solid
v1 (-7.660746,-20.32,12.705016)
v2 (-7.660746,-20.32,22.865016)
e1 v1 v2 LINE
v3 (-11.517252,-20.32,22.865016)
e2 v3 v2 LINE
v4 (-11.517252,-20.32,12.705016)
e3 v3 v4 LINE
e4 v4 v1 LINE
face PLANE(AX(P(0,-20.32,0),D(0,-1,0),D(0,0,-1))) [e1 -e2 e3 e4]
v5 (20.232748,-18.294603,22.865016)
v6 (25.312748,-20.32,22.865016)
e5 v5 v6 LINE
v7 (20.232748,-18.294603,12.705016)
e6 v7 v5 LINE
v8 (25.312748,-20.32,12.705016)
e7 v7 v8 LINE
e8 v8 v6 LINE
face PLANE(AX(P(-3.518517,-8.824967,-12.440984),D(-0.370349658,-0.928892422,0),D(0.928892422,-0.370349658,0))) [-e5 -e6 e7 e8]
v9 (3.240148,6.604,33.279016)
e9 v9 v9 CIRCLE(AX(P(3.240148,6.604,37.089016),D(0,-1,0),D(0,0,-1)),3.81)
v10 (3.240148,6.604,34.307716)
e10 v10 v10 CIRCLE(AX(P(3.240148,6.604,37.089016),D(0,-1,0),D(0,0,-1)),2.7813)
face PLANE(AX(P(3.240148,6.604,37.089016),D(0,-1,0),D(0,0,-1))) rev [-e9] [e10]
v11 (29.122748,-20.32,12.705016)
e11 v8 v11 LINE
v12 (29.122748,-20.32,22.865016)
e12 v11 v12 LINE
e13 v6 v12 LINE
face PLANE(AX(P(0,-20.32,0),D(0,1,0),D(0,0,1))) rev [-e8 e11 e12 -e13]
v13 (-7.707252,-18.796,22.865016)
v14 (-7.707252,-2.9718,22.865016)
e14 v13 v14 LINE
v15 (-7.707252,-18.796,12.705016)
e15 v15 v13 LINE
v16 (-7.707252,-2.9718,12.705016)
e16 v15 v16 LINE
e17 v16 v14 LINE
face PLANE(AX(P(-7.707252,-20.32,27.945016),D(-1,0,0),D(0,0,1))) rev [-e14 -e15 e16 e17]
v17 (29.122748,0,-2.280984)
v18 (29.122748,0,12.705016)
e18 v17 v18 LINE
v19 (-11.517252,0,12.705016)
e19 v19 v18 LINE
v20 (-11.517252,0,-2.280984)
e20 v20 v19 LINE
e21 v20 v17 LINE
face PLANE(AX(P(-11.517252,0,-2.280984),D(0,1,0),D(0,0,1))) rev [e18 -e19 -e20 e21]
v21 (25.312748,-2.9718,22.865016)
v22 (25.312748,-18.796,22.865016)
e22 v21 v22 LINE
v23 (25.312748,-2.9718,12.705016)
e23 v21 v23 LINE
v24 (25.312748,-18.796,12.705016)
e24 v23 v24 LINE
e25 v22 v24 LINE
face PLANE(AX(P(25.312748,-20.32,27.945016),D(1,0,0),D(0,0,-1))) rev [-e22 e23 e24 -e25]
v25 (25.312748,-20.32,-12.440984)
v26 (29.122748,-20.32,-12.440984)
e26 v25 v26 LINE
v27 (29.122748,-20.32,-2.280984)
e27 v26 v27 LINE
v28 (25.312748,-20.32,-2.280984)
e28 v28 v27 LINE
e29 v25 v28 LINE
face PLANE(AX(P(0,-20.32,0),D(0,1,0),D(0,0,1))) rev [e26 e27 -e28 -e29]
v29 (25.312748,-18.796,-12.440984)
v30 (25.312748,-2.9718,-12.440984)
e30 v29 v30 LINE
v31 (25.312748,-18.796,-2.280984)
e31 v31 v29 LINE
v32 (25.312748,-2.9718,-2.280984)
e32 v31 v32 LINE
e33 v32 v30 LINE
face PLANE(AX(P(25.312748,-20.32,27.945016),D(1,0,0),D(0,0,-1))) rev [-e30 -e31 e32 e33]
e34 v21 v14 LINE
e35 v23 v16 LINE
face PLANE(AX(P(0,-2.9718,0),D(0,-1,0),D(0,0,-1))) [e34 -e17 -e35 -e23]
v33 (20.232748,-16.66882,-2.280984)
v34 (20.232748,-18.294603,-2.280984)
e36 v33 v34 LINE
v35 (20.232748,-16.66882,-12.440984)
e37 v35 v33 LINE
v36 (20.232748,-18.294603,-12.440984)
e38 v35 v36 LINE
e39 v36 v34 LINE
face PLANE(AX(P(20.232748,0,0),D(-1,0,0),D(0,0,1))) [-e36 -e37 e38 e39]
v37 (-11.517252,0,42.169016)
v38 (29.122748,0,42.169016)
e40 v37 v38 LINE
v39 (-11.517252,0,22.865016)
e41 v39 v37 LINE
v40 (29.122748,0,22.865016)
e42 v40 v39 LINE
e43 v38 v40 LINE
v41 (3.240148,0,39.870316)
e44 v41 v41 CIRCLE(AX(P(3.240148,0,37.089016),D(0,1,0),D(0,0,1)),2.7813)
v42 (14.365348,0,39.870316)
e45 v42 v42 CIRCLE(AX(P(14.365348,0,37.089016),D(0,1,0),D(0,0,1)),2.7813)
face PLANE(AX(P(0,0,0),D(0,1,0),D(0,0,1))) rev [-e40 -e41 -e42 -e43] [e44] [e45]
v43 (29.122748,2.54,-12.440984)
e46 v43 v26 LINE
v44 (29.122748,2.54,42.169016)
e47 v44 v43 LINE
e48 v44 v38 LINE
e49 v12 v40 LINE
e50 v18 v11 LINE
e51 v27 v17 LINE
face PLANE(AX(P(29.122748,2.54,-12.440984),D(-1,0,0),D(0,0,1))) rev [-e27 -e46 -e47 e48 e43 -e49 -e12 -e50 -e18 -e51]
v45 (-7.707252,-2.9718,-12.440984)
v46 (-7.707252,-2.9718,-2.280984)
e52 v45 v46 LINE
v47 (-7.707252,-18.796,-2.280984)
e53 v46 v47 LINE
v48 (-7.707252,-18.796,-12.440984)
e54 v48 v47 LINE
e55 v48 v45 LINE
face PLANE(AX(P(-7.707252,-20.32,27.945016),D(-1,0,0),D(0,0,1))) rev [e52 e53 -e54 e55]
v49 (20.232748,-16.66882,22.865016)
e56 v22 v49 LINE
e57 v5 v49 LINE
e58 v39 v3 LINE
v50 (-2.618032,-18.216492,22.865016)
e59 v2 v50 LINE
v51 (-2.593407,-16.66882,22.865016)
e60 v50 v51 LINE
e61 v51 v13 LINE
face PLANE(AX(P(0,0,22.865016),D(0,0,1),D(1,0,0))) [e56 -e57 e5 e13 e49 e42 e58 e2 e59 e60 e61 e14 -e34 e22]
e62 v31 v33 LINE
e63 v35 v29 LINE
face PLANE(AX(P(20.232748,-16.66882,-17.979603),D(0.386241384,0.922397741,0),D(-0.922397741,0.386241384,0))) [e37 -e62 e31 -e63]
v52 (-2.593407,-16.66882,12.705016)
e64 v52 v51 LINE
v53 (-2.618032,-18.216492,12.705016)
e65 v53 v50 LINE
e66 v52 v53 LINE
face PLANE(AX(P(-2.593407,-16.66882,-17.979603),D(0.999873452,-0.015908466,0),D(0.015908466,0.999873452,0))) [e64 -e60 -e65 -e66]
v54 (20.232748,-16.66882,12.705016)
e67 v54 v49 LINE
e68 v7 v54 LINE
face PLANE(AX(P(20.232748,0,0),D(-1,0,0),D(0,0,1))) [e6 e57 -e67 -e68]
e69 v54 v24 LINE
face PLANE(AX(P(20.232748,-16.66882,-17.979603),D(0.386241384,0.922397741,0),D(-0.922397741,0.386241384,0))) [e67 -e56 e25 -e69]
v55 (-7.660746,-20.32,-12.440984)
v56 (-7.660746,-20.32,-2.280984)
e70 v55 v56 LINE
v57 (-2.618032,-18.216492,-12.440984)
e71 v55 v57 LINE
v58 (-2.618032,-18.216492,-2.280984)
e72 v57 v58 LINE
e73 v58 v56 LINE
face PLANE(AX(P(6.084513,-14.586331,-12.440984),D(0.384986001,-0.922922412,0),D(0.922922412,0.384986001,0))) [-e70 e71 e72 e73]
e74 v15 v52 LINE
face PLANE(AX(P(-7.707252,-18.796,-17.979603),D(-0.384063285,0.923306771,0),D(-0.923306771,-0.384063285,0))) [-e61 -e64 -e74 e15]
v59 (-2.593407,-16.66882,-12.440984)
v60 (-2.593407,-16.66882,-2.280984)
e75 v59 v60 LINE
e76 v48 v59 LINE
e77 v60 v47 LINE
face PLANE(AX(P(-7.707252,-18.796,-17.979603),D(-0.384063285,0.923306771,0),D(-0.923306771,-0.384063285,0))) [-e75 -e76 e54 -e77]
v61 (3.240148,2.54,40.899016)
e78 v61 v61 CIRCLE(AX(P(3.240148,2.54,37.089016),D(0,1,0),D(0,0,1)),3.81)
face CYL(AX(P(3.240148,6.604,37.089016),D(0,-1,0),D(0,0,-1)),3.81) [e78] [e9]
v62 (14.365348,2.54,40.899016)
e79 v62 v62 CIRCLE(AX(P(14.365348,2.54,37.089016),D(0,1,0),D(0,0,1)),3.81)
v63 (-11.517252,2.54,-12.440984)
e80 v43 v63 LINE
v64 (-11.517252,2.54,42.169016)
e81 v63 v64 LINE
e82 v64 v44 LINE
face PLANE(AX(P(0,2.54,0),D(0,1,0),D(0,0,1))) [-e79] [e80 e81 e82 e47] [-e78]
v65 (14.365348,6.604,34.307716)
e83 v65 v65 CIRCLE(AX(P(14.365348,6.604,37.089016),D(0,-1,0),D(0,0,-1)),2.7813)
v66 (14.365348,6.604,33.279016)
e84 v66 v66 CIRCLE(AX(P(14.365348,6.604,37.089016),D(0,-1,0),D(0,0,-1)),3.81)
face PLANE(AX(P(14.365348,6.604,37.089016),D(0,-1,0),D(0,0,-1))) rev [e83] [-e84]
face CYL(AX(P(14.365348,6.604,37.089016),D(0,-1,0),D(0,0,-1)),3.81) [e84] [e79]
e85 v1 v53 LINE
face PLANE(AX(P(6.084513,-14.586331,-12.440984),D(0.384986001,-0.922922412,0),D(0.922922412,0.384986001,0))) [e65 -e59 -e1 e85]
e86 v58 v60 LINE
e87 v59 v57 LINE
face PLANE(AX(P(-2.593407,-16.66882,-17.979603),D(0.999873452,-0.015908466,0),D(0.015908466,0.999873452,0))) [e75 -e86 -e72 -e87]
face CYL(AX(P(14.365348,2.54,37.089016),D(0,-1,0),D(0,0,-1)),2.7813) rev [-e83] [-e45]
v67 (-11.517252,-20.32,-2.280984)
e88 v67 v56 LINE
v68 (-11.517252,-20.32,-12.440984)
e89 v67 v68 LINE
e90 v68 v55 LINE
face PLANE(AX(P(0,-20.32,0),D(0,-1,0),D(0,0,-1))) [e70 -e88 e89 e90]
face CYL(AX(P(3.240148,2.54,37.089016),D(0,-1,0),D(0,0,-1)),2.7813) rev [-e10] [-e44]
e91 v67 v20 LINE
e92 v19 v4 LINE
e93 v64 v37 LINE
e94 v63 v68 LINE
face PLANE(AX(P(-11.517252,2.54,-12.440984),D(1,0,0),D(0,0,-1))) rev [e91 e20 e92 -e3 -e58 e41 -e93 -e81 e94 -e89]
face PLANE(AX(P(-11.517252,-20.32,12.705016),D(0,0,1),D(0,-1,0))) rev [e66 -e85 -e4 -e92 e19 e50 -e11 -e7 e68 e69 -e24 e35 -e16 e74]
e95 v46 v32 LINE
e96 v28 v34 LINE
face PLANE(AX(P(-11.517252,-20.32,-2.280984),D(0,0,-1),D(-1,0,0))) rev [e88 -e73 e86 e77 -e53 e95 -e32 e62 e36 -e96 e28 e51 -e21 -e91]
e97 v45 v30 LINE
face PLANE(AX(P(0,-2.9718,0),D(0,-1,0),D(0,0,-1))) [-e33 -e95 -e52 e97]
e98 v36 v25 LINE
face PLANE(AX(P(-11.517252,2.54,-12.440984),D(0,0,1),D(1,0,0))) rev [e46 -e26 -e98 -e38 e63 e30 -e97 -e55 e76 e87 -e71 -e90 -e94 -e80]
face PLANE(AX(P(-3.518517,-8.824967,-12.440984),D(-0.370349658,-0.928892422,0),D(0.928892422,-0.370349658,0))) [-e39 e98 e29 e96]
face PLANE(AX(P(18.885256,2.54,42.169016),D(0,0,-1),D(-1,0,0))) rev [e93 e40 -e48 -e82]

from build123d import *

# Parameters (mm, degrees)
SKETCH3_R           = 2.7813
BOSS_EXTRUDE3_DEPTH = 2.54
SKETCH4_W           = 3.81
SKETCH4_H           = 40.386
BOSS_EXTRUDE4_DEPTH = 20.32
SKETCH5_W           = 40.386
SKETCH5_H           = 1.524
BOSS_EXTRUDE5_DEPTH = 5.08
SKETCH6_W           = 40.386
SKETCH6_H           = 1.524
BOSS_EXTRUDE6_DEPTH = 5.08
SKETCH7_W           = 40.64
SKETCH7_H           = 20.32
CUT_EXTRUDE1_DEPTH  = 5.08
SKETCH11_W          = 40.64
SKETCH11_H          = 35.306
BOSS_EXTRUDE7_DEPTH = 2.9718
BOSS_EXTRUDE8_DEPTH = 35.306
SKETCH8_W           = 14.986
SKETCH8_H           = 20.32
CUT_EXTRUDE2_DEPTH  = 41.64
CUT_EXTRUDE3_DEPTH  = 36.306
SKETCH14_R          = 3.81
SKETCH14_R_2        = 2.7813
BOSS_EXTRUDE9_DEPTH = 6.604


with BuildPart() as part:
    # Sketch3 → Boss-Extrude3 (new body)
    with BuildSketch(Plane(origin=(0, 0, 0), x_dir=(1, 0, 0), z_dir=(0, 1, 0))):
        Polygon((-11.517251908, 12.440983784), (29.122748092, 12.440983784), (29.122748092, -34.564151764), (29.122748092, -42.169016216), (18.885256114, -42.169016216), (-11.517251908, -42.169016216), align=None)
        with Locations((3.240148092, -37.089016216)):
            Circle(SKETCH3_R, mode=Mode.SUBTRACT)
        with Locations((14.365348092, -37.089016216)):
            Circle(SKETCH3_R, mode=Mode.SUBTRACT)
    extrude(amount=BOSS_EXTRUDE3_DEPTH)

    # Sketch4 → Boss-Extrude4 (add)
    with BuildSketch(Plane.XZ):
        with Locations((-9.612251908, 7.752016216)):
            Rectangle(SKETCH4_W, SKETCH4_H)
        with Locations((27.217748092, 7.752016216)):
            Rectangle(SKETCH4_W, SKETCH4_H)
    extrude(amount=BOSS_EXTRUDE4_DEPTH)

    # Sketch5 → Boss-Extrude5 (add)
    with BuildSketch(Plane(origin=(-7.707251908, 0, 0), x_dir=(0, 0, -1), z_dir=(1, 0, 0))):
        with Locations((-7.752016216, -19.558)):
            Rectangle(SKETCH5_W, SKETCH5_H)
    extrude(amount=BOSS_EXTRUDE5_DEPTH)

    # Sketch6 → Boss-Extrude6 (add)
    with BuildSketch(Plane.ZY.offset(-25.312748092)):
        with Locations((7.752016216, -19.558)):
            Rectangle(SKETCH6_W, SKETCH6_H)
    extrude(amount=BOSS_EXTRUDE6_DEPTH)

    # Sketch7 → Cut-Extrude1 (cut)
    with BuildSketch(Plane.XY.offset(27.945016216)):
        with Locations((8.802748092, -10.16)):
            Rectangle(SKETCH7_W, SKETCH7_H)
    extrude(amount=-CUT_EXTRUDE1_DEPTH, mode=Mode.SUBTRACT)

    # Sketch11 → Boss-Extrude7 (add)
    with BuildSketch(Plane.XZ):
        with Locations((8.802748092, 5.212016216)):
            Rectangle(SKETCH11_W, SKETCH11_H)
    extrude(amount=BOSS_EXTRUDE7_DEPTH)

    # Sketch12 → Boss-Extrude8 (add)
    with BuildSketch(Plane.XY.offset(22.865016216)):
        Polygon((-7.707251908, -18.796), (-2.593407451, -16.66881978), (-2.627251908, -18.796), align=None)
        Polygon((20.232748092, -18.796), (20.232748092, -16.66881978), (25.312748092, -18.796), align=None)
    extrude(amount=-BOSS_EXTRUDE8_DEPTH)

    # Sketch8 → Cut-Extrude2 (cut, through all)
    with BuildSketch(Plane(origin=(29.122748092, 0, 0), x_dir=(0, 0, -1), z_dir=(1, 0, 0))):
        with Locations((-5.212016216, -10.16)):
            Rectangle(SKETCH8_W, SKETCH8_H)
    extrude(amount=-CUT_EXTRUDE2_DEPTH, mode=Mode.SUBTRACT)

    # Sketch13 → Cut-Extrude3 (cut, through all)
    with BuildSketch(Plane.XY.offset(22.865016216)):
        Polygon((-2.618031664, -18.216492377), (-7.660745747, -20.32), (-2.627251908, -20.32), (-2.627251908, -18.796), align=None)
        Polygon((20.232748092, -18.294602636), (20.232748092, -20.32), (25.312748092, -20.32), align=None)
    extrude(amount=-CUT_EXTRUDE3_DEPTH, mode=Mode.SUBTRACT)

    # Sketch14 → Boss-Extrude9 (add)
    with BuildSketch(Plane.XZ):
        with Locations((3.240148092, 37.089016216)):
            Circle(SKETCH14_R)
        with Locations((3.240148092, 37.089016216)):
            Circle(SKETCH14_R_2, mode=Mode.SUBTRACT)
        with Locations((14.365348092, 37.089016216)):
            Circle(SKETCH14_R)
        with Locations((14.365348092, 37.089016216)):
            Circle(SKETCH14_R_2, mode=Mode.SUBTRACT)
    extrude(amount=-BOSS_EXTRUDE9_DEPTH)


solid = part.part
